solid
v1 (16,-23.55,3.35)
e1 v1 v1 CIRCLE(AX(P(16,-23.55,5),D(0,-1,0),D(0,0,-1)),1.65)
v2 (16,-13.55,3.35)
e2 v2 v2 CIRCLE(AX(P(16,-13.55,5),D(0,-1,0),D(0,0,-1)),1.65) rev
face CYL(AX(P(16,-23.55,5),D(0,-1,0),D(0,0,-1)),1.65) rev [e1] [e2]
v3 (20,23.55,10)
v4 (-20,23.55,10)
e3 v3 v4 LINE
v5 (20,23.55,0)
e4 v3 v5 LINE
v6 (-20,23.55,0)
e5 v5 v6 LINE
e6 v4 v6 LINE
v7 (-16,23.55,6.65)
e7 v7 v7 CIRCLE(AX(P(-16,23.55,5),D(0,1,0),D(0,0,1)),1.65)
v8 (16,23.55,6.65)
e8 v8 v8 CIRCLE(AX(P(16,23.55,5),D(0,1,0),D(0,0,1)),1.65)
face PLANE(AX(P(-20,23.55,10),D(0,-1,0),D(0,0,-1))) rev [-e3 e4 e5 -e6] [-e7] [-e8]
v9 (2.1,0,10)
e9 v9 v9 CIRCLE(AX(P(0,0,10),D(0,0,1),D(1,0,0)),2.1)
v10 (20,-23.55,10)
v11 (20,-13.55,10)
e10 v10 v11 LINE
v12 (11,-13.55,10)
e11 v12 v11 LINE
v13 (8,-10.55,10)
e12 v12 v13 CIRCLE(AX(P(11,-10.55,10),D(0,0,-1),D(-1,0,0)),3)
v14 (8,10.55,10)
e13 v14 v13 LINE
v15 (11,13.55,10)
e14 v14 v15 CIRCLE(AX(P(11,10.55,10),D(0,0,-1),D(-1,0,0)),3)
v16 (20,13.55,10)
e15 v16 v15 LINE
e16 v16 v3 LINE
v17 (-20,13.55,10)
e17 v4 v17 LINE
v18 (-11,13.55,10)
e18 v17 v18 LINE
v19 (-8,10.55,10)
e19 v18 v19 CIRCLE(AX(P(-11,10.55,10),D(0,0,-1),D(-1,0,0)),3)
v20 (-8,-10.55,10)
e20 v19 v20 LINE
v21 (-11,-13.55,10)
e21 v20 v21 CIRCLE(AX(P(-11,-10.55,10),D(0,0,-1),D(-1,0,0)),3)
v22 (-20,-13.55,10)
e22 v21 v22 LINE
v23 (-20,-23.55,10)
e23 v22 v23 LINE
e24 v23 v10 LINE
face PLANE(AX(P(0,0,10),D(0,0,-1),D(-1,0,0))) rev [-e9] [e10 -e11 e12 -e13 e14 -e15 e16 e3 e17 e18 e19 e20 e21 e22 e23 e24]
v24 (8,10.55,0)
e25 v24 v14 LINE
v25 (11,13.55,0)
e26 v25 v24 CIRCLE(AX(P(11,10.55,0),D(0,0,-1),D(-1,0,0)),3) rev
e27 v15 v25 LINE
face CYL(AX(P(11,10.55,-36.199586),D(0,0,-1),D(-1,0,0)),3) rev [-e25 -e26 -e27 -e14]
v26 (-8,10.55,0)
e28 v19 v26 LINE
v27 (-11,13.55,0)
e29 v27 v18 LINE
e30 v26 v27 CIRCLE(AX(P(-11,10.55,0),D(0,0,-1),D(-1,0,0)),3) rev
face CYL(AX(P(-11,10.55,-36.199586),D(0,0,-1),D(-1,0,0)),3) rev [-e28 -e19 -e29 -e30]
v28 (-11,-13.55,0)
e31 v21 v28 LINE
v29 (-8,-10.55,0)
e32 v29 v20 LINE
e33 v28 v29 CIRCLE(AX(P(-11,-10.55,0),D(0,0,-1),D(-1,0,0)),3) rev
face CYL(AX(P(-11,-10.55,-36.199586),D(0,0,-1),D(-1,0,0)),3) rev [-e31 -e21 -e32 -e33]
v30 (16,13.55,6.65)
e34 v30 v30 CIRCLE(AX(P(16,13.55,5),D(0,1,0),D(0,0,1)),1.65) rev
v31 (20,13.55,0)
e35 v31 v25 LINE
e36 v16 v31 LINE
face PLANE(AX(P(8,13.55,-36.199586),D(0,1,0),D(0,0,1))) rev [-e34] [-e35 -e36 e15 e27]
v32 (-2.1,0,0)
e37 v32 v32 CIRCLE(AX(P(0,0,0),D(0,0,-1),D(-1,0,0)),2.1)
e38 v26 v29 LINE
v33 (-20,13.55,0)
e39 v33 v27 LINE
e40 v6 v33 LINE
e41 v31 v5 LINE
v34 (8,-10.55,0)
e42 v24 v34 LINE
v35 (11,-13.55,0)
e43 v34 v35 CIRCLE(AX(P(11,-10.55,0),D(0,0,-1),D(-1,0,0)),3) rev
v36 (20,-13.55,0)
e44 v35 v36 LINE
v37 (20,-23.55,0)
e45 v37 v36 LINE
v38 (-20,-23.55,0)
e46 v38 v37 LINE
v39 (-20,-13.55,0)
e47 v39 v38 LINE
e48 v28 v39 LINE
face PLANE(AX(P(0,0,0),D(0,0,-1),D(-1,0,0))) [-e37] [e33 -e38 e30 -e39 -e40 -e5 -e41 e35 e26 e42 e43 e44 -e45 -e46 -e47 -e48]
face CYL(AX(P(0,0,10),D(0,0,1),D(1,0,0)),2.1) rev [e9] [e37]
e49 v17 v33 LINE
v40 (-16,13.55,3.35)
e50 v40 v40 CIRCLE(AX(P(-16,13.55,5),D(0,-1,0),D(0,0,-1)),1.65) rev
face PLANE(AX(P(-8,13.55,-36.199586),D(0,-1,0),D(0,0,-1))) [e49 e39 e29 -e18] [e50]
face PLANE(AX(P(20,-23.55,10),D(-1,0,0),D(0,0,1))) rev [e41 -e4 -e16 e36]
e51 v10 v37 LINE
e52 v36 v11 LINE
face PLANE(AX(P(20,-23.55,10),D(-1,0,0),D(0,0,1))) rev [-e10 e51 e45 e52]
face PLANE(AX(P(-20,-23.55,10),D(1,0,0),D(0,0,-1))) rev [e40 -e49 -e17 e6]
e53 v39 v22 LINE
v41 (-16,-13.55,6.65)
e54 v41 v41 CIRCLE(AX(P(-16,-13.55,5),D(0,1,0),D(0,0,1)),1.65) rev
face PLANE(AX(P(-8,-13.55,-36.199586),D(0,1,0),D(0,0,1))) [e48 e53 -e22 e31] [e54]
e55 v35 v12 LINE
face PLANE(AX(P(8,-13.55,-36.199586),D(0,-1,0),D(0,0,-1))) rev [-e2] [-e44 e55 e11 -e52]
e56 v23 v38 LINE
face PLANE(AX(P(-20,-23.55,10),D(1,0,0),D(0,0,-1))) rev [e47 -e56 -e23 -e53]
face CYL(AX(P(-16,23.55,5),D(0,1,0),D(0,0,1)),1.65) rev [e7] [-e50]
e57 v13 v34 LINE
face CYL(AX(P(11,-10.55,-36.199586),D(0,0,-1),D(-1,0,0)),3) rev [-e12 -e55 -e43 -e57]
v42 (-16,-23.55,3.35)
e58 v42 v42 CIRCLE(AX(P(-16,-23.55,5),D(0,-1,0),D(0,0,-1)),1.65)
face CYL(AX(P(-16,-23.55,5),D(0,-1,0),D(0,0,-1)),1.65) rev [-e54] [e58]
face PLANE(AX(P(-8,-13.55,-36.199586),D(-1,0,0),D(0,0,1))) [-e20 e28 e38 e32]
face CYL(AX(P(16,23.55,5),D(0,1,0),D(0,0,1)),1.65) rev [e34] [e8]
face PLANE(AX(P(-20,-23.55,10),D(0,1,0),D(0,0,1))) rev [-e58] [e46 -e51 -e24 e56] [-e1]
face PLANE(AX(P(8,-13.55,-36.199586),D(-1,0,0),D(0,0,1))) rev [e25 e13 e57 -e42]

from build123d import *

# Parameters (mm, degrees)
SKETCH_1_W                  = 40
SKETCH_1_H                  = 47.1
EXTRUDE_1_DEPTH             = 10
HOLE_WIZARD_M4_1_AT_2_COUNT = 2
HOLE_WIZARD_M4_1_AT_2_PITCH = 32
HOLE_WIZARD_M5_1_D          = 4.2
HOLE_WIZARD_M5_1_DEPTH      = 12.4
HOLE_WIZARD_M5_1_TIP        = 1.2618073
CUT_EXTRUDE_1_REACH         = 34.475
SKETCH_8_W                  = 24
SKETCH_8_H                  = 27.1
FILLET_1_R                  = 3


with BuildPart() as part:
    # 草图1 → 凸台-拉伸1 (new body)
    with BuildSketch(Plane.XY):
        Rectangle(SKETCH_1_W, SKETCH_1_H)
    extrude(amount=EXTRUDE_1_DEPTH)

    # 草图4 → M4 螺纹孔1 (revolve, cut)
    with BuildSketch(Plane(origin=(-16, 23.55, 5), x_dir=(0, 0, 1), z_dir=(1, 0, 0))):
        Polygon((0, 0), (0, 11.091420021), (1.65, 10.1), (1.65, 0), align=None)
    hole_wizard_m4_1 = revolve(axis=Axis((-16, 29.9, 5), (0, -1, 0)), mode=Mode.SUBTRACT)

    # M4 螺纹孔1 at 2: M4 螺纹孔1 ×2
    with Locations(*[(i * HOLE_WIZARD_M4_1_AT_2_PITCH, 0, 0) for i in range(1, HOLE_WIZARD_M4_1_AT_2_COUNT)]):
        add(hole_wizard_m4_1, mode=Mode.SUBTRACT)

    # 镜向1: M4 螺纹孔1 across plane
    add(hole_wizard_m4_1.mirror(Plane.ZX), mode=Mode.SUBTRACT)

    # 镜向1 copy 1 sketch → 镜向1 copy 1 (revolve, cut)
    with BuildSketch(Plane(origin=(16, -23.55, 5), x_dir=(0, 0, 1), z_dir=(1, 0, 0))):
        Polygon((0, 0), (0, -11.091420021), (1.65, -10.1), (1.65, 0), align=None)
    revolve(axis=Axis((16, -29.9, 5), (0, -1, 0)), mode=Mode.SUBTRACT)

    # M5 螺纹孔1
    with Locations(Plane.XY.offset(10)):
        with Locations((0, 0)):
            Hole(HOLE_WIZARD_M5_1_D / 2, depth=HOLE_WIZARD_M5_1_DEPTH)
            with Locations((0, 0, -(HOLE_WIZARD_M5_1_DEPTH + HOLE_WIZARD_M5_1_TIP / 2))):  # 118° drill point
                Cone(0, HOLE_WIZARD_M5_1_D / 2, HOLE_WIZARD_M5_1_TIP, mode=Mode.SUBTRACT)

    # 切除-拉伸1: up to this face of the body (flat: up to its plane)
    cut_extrude_1_end = Plane(part.part.faces().sort_by_distance((0, -22.932067156, 0))[0])
    # 草图8 → 切除-拉伸1 (cut, up to the picked face)
    with BuildSketch(Plane.XY.offset(10), mode=Mode.PRIVATE) as cut_extrude_1_sk1:
        with Locations((20, 0)):
            Rectangle(SKETCH_8_W, SKETCH_8_H)
    cut_extrude_1_tool1 = split(extrude(cut_extrude_1_sk1.sketch, amount=-CUT_EXTRUDE_1_REACH, mode=Mode.PRIVATE), bisect_by=cut_extrude_1_end, keep=Keep.BOTH, mode=Mode.PRIVATE)
    cut_extrude_1 = cut_extrude_1_tool1.solids().sort_by(Axis((20, 0, 10), (0, 0, -1)))[0]
    add(cut_extrude_1, mode=Mode.SUBTRACT)

    # 镜向2: 切除-拉伸1 across plane
    add(cut_extrude_1.mirror(Plane(origin=(0, 0, 0), x_dir=(0, 0, 1), z_dir=(1, 0, 0))), mode=Mode.SUBTRACT)

    # 圆角1
    fillet_1_edges = [part.edges().sort_by_distance(p)[0] for p in [
        (8, 13.55, 5),
        (8, -13.55, 5),
        (-8, -13.55, 5),
        (-8, 13.55, 5),
    ]]
    fillet(fillet_1_edges, radius=FILLET_1_R)


solid = part.part
